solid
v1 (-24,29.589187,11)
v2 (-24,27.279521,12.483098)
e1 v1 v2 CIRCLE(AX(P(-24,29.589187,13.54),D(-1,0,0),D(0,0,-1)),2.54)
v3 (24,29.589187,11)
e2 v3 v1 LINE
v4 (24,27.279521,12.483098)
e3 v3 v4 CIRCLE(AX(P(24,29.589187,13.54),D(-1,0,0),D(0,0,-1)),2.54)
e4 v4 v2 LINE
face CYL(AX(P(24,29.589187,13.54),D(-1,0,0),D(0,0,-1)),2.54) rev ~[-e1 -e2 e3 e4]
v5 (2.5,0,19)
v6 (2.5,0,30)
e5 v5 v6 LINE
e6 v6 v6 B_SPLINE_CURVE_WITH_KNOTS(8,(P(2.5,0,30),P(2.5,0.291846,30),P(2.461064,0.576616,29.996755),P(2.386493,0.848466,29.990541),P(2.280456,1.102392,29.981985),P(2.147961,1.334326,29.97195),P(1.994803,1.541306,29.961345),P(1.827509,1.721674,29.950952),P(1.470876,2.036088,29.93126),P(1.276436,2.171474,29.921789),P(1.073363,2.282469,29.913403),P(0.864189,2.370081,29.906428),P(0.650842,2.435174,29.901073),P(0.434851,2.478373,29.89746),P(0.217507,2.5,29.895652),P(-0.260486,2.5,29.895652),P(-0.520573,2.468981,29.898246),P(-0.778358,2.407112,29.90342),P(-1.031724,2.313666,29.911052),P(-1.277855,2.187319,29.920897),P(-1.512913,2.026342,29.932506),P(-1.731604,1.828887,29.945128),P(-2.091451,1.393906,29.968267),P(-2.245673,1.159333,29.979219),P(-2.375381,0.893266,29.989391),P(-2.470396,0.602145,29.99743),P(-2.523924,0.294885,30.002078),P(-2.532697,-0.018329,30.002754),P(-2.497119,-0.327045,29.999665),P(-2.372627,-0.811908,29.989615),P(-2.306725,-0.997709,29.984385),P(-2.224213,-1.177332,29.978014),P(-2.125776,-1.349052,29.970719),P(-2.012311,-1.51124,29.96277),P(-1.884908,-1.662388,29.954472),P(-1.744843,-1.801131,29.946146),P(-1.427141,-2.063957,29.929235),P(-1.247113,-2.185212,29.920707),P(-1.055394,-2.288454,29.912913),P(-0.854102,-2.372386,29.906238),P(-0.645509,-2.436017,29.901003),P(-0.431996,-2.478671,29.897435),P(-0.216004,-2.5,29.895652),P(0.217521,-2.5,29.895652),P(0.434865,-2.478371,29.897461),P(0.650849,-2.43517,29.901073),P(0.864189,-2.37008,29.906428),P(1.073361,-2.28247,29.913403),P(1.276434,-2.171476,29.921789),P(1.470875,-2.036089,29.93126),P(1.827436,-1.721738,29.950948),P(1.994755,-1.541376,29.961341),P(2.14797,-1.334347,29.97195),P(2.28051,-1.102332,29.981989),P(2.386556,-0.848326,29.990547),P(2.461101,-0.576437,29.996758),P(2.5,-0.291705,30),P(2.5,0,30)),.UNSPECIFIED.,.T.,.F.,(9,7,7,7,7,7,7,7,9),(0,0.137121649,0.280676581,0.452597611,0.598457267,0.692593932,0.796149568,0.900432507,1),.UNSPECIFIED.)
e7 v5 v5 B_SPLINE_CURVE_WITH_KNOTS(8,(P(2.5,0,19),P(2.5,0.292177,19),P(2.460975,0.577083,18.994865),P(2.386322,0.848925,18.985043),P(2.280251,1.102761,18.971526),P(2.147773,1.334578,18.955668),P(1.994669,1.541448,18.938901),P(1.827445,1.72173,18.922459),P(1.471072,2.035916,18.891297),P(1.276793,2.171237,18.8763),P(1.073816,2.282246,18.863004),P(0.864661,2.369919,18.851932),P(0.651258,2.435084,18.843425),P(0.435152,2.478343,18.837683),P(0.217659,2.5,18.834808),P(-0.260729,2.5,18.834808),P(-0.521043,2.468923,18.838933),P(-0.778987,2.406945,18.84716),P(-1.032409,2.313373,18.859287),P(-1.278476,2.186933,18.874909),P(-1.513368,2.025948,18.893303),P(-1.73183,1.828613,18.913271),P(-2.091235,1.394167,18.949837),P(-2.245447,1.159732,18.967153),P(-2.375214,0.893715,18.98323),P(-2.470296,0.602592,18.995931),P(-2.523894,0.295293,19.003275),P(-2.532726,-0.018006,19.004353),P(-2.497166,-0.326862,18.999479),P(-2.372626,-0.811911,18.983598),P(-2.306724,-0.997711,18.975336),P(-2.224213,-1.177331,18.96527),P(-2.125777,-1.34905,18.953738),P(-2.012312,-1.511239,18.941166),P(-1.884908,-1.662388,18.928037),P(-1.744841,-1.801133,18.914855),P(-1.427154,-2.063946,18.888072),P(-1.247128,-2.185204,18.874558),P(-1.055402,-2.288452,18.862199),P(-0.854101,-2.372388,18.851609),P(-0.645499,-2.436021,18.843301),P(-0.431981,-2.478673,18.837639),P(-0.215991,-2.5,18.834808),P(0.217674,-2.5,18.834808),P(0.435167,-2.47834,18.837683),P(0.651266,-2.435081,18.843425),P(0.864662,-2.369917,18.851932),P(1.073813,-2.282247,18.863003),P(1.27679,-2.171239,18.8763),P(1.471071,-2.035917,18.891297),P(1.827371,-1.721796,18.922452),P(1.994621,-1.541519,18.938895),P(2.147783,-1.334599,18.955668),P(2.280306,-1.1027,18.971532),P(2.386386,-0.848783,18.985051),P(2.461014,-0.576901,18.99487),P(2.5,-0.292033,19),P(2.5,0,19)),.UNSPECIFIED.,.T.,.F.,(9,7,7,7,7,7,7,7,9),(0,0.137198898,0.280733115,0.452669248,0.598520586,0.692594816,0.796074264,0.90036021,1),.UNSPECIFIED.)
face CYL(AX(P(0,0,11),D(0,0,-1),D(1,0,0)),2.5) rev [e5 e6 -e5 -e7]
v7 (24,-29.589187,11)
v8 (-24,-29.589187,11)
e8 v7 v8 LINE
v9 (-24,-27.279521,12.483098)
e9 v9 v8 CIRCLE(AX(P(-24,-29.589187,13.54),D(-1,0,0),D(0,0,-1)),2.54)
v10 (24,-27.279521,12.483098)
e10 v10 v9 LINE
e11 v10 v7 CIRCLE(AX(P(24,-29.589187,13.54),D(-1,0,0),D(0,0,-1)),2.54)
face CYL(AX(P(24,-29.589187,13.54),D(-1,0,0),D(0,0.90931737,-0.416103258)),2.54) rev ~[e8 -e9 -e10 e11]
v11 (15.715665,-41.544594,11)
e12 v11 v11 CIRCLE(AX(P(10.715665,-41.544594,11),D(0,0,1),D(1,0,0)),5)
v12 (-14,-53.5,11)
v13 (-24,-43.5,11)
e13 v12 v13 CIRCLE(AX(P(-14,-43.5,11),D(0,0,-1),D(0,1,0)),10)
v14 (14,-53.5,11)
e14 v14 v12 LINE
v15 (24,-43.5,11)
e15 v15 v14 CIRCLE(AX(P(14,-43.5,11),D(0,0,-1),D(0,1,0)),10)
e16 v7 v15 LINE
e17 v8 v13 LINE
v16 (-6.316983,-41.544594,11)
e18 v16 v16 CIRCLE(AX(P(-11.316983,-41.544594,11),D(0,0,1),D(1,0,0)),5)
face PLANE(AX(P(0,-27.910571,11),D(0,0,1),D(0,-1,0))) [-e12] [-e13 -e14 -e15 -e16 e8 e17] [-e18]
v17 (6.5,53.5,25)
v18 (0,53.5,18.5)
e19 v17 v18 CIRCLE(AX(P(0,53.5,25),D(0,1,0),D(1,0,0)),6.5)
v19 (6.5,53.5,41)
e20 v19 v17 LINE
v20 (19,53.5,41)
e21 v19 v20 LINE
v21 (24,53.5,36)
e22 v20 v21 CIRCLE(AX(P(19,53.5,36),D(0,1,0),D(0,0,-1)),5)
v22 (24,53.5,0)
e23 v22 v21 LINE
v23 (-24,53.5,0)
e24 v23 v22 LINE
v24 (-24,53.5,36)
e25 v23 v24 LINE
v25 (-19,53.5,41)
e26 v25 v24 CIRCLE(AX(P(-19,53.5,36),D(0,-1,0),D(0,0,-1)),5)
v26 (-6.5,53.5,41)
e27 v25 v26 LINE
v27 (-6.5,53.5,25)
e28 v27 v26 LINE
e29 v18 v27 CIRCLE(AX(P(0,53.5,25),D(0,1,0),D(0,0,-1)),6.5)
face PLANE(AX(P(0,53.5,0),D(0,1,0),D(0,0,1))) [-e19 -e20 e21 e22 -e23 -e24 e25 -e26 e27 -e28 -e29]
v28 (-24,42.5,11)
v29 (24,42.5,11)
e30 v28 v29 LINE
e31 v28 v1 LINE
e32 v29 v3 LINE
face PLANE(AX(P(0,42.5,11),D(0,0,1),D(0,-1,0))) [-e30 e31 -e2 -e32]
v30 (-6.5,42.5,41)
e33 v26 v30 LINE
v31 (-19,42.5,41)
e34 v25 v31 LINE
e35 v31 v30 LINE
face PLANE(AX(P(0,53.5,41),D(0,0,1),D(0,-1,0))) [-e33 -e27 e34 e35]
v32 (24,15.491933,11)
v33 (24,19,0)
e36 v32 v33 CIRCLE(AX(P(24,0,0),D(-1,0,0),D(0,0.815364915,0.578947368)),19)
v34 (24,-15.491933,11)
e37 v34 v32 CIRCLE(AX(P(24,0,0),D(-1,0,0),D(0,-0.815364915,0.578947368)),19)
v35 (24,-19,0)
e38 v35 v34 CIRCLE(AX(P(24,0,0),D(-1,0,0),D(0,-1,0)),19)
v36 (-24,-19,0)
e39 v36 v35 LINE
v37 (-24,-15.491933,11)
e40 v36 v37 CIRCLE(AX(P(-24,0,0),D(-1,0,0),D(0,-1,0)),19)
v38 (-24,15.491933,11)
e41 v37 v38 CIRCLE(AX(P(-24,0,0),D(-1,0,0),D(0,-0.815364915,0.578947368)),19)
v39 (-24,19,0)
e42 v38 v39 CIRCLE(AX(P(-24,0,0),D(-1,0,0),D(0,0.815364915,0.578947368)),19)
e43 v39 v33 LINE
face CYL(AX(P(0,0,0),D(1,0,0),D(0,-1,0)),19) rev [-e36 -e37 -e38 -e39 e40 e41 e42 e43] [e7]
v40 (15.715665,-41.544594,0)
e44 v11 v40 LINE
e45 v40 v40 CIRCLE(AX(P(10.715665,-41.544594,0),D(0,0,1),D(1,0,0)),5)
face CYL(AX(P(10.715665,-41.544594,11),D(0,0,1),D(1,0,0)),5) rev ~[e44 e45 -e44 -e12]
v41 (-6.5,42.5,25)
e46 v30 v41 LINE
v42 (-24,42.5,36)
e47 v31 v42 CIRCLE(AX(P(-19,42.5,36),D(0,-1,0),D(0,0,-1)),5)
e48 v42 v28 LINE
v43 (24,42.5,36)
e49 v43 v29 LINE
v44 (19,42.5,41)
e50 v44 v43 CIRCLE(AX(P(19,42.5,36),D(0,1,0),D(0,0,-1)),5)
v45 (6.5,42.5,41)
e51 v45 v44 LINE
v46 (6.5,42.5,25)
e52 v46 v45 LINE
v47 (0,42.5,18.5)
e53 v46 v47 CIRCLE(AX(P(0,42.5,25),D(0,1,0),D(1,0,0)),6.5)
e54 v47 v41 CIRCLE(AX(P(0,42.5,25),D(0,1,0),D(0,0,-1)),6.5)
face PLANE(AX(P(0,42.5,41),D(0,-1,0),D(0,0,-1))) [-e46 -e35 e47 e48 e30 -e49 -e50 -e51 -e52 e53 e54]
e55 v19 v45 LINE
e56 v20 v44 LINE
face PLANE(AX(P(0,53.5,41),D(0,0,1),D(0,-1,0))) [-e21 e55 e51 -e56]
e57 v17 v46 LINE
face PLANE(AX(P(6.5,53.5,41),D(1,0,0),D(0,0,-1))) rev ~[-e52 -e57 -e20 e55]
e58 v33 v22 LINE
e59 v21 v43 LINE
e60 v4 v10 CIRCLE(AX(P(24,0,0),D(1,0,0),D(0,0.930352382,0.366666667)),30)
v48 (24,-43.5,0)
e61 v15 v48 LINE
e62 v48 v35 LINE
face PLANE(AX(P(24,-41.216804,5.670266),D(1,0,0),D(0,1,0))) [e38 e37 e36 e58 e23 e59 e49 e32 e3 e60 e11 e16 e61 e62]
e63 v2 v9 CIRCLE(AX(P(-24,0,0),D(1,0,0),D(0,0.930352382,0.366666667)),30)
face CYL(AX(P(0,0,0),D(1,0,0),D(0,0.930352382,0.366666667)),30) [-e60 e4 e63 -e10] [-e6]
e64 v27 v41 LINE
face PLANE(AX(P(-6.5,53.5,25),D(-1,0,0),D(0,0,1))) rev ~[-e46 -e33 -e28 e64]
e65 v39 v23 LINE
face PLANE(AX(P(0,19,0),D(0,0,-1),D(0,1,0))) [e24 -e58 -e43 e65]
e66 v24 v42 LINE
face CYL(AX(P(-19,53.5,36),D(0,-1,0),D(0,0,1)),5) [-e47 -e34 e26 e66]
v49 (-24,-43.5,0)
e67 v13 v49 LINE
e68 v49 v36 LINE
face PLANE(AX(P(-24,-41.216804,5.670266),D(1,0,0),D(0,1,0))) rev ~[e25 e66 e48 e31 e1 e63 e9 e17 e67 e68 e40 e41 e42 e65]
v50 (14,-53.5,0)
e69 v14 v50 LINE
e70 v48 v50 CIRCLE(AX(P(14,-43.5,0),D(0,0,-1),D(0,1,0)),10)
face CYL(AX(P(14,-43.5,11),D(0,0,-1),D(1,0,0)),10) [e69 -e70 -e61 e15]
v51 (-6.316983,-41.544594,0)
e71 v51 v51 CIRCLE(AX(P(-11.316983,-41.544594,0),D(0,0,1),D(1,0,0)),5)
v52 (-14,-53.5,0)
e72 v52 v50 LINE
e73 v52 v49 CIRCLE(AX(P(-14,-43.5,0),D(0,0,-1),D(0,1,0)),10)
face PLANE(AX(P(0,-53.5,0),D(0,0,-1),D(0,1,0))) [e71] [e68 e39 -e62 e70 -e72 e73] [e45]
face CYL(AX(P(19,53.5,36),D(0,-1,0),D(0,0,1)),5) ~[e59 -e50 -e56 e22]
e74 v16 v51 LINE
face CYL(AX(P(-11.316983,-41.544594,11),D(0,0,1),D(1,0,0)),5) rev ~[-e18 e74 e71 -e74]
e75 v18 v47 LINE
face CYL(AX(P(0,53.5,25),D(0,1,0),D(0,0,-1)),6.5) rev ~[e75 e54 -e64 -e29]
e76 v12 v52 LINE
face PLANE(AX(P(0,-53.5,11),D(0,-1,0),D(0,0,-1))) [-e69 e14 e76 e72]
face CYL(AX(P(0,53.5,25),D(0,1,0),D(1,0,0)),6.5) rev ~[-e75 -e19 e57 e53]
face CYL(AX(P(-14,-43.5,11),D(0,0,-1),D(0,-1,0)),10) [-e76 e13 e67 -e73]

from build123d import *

# Parameters (mm, degrees)
F1_DEPTH  = 24
F2_R      = 5
F3_R      = 5
F5_DEPTH  = 25.4
F7_R      = 2.54
F6_R      = 2.5
F8_DEPTH  = 25.4
F10_R     = 10
F9_R      = 5
F11_DEPTH = 25.4


with BuildPart() as f1:
    # F0 (on Right) → F1 (new body, symmetric)
    with BuildSketch(Plane.YZ):
        with BuildLine():
            ThreePointArc((-30, 0), (-29.4730143031, 5.5983415304), (-27.9105714739, 11))
            Line((-27.9105714739, 11), (-53.5, 11))
            Line((-53.5, 11), (-53.5, 0))
            Line((-53.5, 0), (-30, 0))
        make_face()
        with BuildLine():
            Line((-15.4919333848, 11), (-27.9105714739, 11))
            ThreePointArc((-27.9105714739, 11), (-29.4730143031, 5.5983415304), (-30, 0))
            Line((-30, 0), (-19, 0))
            ThreePointArc((-19, 0), (-18.1017503893, 5.7729223833), (-15.4919333848, 11))
        make_face()
        with BuildLine():
            Line((15.4919333848, 11), (27.9105714739, 11))
            ThreePointArc((27.9105714739, 11), (0, 30), (-27.9105714739, 11))
            Line((-27.9105714739, 11), (-15.4919333848, 11))
            ThreePointArc((-15.4919333848, 11), (0, 19), (15.4919333848, 11))
        make_face()
        with BuildLine():
            Line((19, 0), (30, 0))
            ThreePointArc((30, 0), (29.4730143031, 5.5983415304), (27.9105714739, 11))
            Line((27.9105714739, 11), (15.4919333848, 11))
            ThreePointArc((15.4919333848, 11), (18.1017503893, 5.7729223833), (19, 0))
        make_face()
        with BuildLine():
            Line((30, 0), (42.5, 0))
            Line((42.5, 0), (42.5, 11))
            Line((42.5, 11), (27.9105714739, 11))
            ThreePointArc((27.9105714739, 11), (29.4730143031, 5.5983415304), (30, 0))
        make_face()
        Polygon((42.5, 0), (53.5, 0), (53.5, 41), (42.5, 41), (42.5, 11), align=None)
    extrude(amount=F1_DEPTH, both=True)

    # F2
    f2_edges = [f1.edges().sort_by_distance(p)[0] for p in [
        (24, 48, 41),
    ]]
    fillet(f2_edges, radius=F2_R)

    # F3
    f3_edges = [f1.edges().sort_by_distance(p)[0] for p in [
        (-24, 48, 41),
    ]]
    fillet(f3_edges, radius=F3_R)

    # F4 (on face) → F5 (cut)
    with BuildSketch(Plane(origin=(0, 53.5, 0), x_dir=(-1, 0, 0), z_dir=(0, 1, 0))):
        with BuildLine():
            ThreePointArc((6.5, 25), (0, 31.5), (-6.5, 25))
            ThreePointArc((-6.5, 25), (-4.5961940777, 20.4038059223), (0, 18.5))
            ThreePointArc((0, 18.5), (4.5961940777, 20.4038059223), (6.5, 25))
        make_face()
        with BuildLine():
            Line((6.5, 41), (-6.5, 41))
            Line((-6.5, 41), (-6.5, 25))
            ThreePointArc((-6.5, 25), (0, 31.5), (6.5, 25))
            Line((6.5, 25), (6.5, 41))
        make_face()
    extrude(amount=-F5_DEPTH, mode=Mode.SUBTRACT)

    # F7
    f7_edges = [f1.edges().sort_by_distance(p)[0] for p in [
        (0, 27.910571, 11),
        (0, -27.910571, 11),
    ]]
    fillet(f7_edges, radius=F7_R)

    # F6 (on face) → F8 (cut)
    with BuildSketch(Plane.XY.offset(11)):
        Circle(F6_R)
    extrude(amount=F8_DEPTH, mode=Mode.SUBTRACT)

    # F10
    f10_edges = [f1.edges().sort_by_distance(p)[0] for p in [
        (-24, -53.5, 5.5),
        (24, -53.5, 5.5),
    ]]
    fillet(f10_edges, radius=F10_R)

    # F9 (on face) → F11 (cut)
    with BuildSketch(Plane.XY.offset(11)):
        with Locations((-11.3169830292, -41.5445936071)):
            Circle(F9_R)
        with Locations((10.7156652957, -41.5445936071)):
            Circle(F9_R)
    extrude(amount=-F11_DEPTH, mode=Mode.SUBTRACT)


solid = f1.part
